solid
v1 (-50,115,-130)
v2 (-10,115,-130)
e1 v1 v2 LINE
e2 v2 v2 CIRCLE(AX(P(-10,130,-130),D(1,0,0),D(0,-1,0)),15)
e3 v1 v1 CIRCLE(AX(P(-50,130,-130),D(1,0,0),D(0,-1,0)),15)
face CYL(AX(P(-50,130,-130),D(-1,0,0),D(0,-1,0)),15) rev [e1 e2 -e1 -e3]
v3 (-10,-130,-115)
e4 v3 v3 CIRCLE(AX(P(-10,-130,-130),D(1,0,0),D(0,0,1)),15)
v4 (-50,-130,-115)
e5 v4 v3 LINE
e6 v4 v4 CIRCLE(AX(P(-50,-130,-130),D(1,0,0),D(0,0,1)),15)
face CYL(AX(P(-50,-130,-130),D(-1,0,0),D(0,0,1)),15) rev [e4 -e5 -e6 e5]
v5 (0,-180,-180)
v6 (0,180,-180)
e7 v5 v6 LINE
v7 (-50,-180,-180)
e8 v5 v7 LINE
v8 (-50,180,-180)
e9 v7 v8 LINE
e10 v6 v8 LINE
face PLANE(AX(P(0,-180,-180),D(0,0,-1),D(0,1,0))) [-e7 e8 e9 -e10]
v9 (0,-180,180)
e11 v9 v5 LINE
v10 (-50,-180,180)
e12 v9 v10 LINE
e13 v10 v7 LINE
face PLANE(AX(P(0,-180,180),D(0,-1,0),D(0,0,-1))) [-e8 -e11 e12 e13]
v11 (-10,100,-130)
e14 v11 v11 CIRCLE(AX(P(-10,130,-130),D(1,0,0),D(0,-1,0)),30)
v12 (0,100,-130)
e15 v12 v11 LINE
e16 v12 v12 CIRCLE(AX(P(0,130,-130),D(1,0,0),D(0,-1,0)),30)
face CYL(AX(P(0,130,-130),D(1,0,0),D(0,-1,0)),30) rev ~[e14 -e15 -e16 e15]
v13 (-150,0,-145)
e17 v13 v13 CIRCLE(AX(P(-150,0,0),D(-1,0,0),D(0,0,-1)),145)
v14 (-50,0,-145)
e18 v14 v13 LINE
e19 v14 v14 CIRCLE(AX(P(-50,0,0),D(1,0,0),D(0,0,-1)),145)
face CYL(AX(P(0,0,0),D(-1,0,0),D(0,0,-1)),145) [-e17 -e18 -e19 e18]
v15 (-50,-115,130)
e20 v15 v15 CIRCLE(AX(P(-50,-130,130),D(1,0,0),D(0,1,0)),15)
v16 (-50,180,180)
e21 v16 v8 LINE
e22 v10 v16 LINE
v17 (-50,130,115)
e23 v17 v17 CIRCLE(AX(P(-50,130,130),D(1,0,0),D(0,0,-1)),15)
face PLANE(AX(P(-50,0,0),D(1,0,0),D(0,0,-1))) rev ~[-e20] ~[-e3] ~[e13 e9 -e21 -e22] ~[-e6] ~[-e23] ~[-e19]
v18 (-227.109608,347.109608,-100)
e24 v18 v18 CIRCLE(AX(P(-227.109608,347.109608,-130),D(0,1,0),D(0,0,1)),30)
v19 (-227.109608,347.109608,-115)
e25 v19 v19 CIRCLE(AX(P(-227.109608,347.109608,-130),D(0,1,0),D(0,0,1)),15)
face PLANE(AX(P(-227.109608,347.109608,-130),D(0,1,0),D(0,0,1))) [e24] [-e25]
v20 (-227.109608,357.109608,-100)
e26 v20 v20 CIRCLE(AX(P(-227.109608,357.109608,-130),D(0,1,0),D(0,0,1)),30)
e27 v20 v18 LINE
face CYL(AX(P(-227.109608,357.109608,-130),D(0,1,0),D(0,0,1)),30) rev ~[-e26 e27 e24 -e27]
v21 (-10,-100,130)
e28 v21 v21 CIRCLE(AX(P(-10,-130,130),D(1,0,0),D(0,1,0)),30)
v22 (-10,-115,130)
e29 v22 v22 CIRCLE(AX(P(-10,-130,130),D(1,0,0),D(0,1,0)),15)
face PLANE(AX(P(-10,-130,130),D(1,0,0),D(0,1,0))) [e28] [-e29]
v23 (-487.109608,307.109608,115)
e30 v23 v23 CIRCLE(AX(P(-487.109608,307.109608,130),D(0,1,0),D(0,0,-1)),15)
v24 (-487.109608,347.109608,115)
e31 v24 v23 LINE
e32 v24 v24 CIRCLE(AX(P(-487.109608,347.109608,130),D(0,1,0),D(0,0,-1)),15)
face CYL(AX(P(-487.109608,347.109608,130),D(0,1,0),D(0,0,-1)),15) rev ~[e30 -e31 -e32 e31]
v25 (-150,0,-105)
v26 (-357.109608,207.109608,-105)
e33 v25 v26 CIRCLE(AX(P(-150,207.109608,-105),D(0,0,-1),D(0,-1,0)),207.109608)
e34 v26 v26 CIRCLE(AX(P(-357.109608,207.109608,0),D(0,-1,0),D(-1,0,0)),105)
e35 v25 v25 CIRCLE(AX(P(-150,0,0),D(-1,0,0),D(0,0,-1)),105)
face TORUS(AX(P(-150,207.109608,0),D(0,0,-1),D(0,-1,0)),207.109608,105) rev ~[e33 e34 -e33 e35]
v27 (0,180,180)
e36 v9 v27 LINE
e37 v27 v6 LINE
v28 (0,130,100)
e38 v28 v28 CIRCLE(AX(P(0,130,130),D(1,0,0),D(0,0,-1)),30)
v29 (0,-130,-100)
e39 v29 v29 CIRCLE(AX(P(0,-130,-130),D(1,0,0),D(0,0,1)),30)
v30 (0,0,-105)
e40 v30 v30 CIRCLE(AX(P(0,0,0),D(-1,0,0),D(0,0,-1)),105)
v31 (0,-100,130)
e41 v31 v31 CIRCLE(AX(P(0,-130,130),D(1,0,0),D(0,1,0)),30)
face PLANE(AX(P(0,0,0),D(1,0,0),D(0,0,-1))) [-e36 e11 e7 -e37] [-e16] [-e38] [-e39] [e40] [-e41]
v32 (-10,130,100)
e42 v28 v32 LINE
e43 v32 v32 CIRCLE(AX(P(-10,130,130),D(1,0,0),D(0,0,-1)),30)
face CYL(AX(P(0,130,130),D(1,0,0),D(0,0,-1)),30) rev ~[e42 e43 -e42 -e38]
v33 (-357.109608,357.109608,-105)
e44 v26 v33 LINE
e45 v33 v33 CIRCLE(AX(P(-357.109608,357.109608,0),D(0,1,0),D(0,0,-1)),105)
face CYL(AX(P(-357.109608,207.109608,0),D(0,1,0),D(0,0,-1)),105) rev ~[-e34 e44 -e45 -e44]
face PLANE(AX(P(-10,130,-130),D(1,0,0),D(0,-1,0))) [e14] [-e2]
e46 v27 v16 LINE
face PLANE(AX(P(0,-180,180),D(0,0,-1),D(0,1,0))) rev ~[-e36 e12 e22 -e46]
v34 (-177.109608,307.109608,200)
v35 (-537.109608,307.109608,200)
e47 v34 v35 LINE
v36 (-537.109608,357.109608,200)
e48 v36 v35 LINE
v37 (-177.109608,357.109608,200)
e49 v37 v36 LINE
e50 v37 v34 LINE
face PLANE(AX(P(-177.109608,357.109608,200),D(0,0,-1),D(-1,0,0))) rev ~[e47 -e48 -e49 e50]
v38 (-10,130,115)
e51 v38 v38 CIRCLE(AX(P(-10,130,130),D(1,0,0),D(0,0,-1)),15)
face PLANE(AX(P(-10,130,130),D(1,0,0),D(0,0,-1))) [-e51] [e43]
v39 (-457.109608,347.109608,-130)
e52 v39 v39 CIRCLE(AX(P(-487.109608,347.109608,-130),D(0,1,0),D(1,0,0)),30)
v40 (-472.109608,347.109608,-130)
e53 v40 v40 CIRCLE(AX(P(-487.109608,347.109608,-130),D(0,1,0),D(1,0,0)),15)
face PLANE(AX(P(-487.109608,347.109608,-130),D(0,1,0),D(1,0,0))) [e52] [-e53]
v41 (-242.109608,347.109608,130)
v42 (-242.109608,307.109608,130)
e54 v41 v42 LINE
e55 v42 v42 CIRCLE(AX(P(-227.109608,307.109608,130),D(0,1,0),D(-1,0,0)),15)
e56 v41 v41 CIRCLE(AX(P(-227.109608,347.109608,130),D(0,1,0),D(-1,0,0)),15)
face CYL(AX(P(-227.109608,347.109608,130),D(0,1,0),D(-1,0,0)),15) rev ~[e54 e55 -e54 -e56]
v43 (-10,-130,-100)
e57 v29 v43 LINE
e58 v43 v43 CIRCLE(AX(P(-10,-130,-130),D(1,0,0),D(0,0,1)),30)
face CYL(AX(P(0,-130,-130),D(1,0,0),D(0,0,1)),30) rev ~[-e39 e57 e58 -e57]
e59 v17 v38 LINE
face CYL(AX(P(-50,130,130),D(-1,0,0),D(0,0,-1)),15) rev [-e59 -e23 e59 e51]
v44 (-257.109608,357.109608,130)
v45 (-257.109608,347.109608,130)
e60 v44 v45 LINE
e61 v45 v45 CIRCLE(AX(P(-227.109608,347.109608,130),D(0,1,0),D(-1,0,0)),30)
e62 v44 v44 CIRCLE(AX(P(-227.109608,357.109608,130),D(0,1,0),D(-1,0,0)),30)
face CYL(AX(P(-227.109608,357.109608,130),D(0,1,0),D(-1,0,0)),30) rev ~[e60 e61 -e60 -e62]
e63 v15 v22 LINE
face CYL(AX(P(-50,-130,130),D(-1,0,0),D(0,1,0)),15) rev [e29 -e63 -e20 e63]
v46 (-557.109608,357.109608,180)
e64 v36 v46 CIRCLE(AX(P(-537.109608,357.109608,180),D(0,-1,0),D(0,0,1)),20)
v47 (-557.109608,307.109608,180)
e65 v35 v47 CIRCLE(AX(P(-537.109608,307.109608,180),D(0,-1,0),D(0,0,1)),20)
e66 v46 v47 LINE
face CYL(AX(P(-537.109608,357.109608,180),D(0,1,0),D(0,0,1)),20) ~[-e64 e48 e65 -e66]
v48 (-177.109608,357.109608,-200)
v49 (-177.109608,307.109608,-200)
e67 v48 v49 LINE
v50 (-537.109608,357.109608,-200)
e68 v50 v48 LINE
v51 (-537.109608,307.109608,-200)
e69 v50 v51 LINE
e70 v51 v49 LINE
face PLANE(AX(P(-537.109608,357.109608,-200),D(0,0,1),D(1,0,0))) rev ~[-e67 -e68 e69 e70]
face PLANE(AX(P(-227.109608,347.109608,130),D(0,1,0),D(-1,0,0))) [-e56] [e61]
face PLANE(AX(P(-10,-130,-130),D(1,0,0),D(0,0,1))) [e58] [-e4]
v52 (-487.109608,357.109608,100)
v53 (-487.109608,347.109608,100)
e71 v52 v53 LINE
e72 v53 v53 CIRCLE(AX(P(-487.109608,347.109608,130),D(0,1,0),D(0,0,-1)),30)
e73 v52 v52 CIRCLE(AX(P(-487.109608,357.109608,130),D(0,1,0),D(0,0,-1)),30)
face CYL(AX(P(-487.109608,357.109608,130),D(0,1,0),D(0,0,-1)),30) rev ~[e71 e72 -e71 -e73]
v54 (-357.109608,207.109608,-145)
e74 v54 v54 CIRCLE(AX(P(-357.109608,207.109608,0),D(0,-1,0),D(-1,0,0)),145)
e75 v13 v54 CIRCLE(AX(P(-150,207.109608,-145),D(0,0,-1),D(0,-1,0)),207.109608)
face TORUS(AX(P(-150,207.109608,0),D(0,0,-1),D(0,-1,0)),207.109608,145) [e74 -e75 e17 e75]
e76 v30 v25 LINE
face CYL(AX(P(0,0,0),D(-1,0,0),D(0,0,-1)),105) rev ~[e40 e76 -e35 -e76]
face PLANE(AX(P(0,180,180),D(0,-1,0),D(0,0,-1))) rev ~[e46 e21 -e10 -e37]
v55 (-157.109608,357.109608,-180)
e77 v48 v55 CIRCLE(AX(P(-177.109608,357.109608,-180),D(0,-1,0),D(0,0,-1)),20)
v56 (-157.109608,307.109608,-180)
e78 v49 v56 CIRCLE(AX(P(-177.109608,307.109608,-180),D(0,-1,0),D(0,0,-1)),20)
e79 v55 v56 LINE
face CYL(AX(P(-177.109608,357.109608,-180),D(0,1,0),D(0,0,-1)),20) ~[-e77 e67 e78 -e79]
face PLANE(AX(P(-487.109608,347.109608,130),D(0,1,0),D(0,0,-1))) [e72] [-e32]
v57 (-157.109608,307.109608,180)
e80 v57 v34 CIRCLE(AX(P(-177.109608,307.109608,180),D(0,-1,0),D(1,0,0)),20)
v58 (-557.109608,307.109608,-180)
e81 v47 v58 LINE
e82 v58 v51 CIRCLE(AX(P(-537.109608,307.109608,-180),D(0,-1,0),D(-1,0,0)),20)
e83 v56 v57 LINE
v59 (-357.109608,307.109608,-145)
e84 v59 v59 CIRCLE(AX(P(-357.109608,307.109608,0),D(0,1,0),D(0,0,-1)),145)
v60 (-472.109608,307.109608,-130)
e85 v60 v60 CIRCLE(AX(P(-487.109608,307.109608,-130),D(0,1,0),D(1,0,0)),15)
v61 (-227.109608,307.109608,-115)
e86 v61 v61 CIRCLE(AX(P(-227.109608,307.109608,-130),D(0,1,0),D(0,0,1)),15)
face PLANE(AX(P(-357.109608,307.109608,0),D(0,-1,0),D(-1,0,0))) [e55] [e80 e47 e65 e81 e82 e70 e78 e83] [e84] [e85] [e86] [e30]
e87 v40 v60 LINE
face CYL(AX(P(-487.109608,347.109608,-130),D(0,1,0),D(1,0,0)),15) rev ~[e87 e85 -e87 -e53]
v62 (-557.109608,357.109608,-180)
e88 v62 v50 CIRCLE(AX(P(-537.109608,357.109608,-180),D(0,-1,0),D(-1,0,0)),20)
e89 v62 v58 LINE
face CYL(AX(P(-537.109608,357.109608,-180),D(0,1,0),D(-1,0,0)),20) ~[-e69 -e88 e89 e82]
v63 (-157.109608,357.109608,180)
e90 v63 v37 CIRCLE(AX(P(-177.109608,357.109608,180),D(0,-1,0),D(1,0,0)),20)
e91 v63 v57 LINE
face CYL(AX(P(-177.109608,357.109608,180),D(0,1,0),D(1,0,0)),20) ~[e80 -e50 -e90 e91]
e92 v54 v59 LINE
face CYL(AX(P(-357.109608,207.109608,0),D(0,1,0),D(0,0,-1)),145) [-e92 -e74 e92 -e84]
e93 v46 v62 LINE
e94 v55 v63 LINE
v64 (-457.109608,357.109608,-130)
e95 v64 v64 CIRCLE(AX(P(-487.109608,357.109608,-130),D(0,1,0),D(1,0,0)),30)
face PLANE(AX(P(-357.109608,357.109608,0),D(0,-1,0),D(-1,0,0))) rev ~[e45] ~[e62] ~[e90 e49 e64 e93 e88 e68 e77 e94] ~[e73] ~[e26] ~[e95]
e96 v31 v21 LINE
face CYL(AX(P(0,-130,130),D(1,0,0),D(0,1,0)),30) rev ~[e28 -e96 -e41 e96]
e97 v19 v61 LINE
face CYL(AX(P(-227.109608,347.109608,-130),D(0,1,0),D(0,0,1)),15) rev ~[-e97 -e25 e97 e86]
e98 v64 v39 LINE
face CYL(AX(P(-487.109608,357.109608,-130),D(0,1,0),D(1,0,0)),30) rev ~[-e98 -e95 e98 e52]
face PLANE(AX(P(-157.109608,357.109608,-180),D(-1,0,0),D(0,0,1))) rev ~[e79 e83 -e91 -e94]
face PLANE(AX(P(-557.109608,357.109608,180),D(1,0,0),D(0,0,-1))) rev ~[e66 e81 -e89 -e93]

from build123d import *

# Parameters (mm, degrees)
SKETCH2_R           = 145
SKETCH2_R_2         = 105
SKETCH5_W           = 360
SKETCH5_H           = 360
SKETCH5_R           = 145
BOSS_EXTRUDE2_DEPTH = 50
SKETCH6_R           = 145
BOSS_EXTRUDE4_DEPTH = 50
SKETCH12_R          = 30
CUT_EXTRUDE2_DEPTH  = 10
SKETCH13_R          = 15
CUT_EXTRUDE4_DEPTH  = 40
CIRPATTERN3_COUNT   = 4
SKETCH14_R          = 30
CUT_EXTRUDE5_DEPTH  = 10
CUT_EXTRUDE6_START  = -50
SKETCH15_R          = 15
CUT_EXTRUDE6_DEPTH  = 40
CIRPATTERN4_COUNT   = 4


with BuildPart() as part:
    # Sweep-Thin2: sweep along a path in Sketch1
    with BuildLine(Plane.XY) as sweep_thin2_path:
        Line((0, 0), (-150, 0))
        ThreePointArc((-150, 0), (-296.448608391, 60.660999786), (-357.109608177, 207.109608177))
        Line((-357.109608177, 207.109608177), (-357.109608177, 357.109608177))
    # Sketch2 → Sweep-Thin2 (sweep)
    with BuildSketch(Plane(origin=(0, 0, 0), x_dir=(0, 0, -1), z_dir=(1, 0, 0))):
        Circle(SKETCH2_R)
        Circle(SKETCH2_R_2, mode=Mode.SUBTRACT)
    sweep(path=sweep_thin2_path.line)

    # Sketch5 → Boss-Extrude2 (add)
    with BuildSketch(Plane(origin=(0, 0, 0), x_dir=(0, 0, -1), z_dir=(1, 0, 0))):
        Rectangle(SKETCH5_W, SKETCH5_H)
        Circle(SKETCH5_R, mode=Mode.SUBTRACT)
    extrude(amount=-BOSS_EXTRUDE2_DEPTH)

    # Sketch6 → Boss-Extrude4 (add)
    with BuildSketch(Plane(origin=(0, 357.109608177, 0), x_dir=(1, 0, 0), z_dir=(0, 1, 0))):
        with BuildLine():
            Line((-537.109608177, 200), (-177.109608177, 200))
            ThreePointArc((-177.109608177, 200), (-162.967472553, 194.142135624), (-157.109608177, 180))
            Line((-157.109608177, 180), (-157.109608177, -180))
            ThreePointArc((-157.109608177, -180), (-162.967472553, -194.142135624), (-177.109608177, -200))
            Line((-177.109608177, -200), (-537.109608177, -200))
            ThreePointArc((-537.109608177, -200), (-551.2517438, -194.142135624), (-557.109608177, -180))
            Line((-557.109608177, -180), (-557.109608177, 180))
            ThreePointArc((-557.109608177, 180), (-551.2517438, 194.142135624), (-537.109608177, 200))
        make_face()
        with Locations((-357.109608177, 0)):
            Circle(SKETCH6_R, mode=Mode.SUBTRACT)
    extrude(amount=-BOSS_EXTRUDE4_DEPTH)

    # Sketch12 → Cut-Extrude2 (cut)
    with BuildSketch(Plane(origin=(0, 357.109608177, 0), x_dir=(1, 0, 0), z_dir=(0, 1, 0))):
        with Locations((-487.109608177, 130)):
            Circle(SKETCH12_R)
    cut_extrude2 = extrude(amount=-CUT_EXTRUDE2_DEPTH, mode=Mode.SUBTRACT)

    # Sketch13 → Cut-Extrude4 (cut)
    with BuildSketch(Plane(origin=(0, 347.109608177, 0), x_dir=(1, 0, 0), z_dir=(0, 1, 0))):
        with Locations((-487.109608177, 130)):
            Circle(SKETCH13_R)
    cut_extrude4 = extrude(amount=-CUT_EXTRUDE4_DEPTH, mode=Mode.SUBTRACT)

    # CirPattern3: Cut-Extrude2, Cut-Extrude4 ×4 about axis
    cirpattern3_axis = Axis((-357.109608177, 0, 0), (0, 1, 0))
    for i in range(1, CIRPATTERN3_COUNT):
        add(cut_extrude2.rotate(cirpattern3_axis, i * 360 / CIRPATTERN3_COUNT), mode=Mode.SUBTRACT)
        add(cut_extrude4.rotate(cirpattern3_axis, i * 360 / CIRPATTERN3_COUNT), mode=Mode.SUBTRACT)

    # Sketch14 → Cut-Extrude5 (cut)
    with BuildSketch(Plane(origin=(0, 0, 0), x_dir=(0, 0, -1), z_dir=(1, 0, 0))):
        with Locations((-130, 130)):
            Circle(SKETCH14_R)
    cut_extrude5 = extrude(amount=-CUT_EXTRUDE5_DEPTH, mode=Mode.SUBTRACT)

    # Sketch15 → Cut-Extrude6 (cut)
    with BuildSketch(Plane(origin=(0, 0, 0), x_dir=(0, 0, -1), z_dir=(1, 0, 0)).offset(CUT_EXTRUDE6_START)):
        with Locations((-130, 130)):
            Circle(SKETCH15_R)
    cut_extrude6 = extrude(amount=CUT_EXTRUDE6_DEPTH, mode=Mode.SUBTRACT)

    # CirPattern4: Cut-Extrude5, Cut-Extrude6 ×4 about axis
    cirpattern4_axis = Axis((0, 0, 0), (1, 0, 0))
    for i in range(1, CIRPATTERN4_COUNT):
        add(cut_extrude5.rotate(cirpattern4_axis, i * 360 / CIRPATTERN4_COUNT), mode=Mode.SUBTRACT)
        add(cut_extrude6.rotate(cirpattern4_axis, i * 360 / CIRPATTERN4_COUNT), mode=Mode.SUBTRACT)


solid = part.part
